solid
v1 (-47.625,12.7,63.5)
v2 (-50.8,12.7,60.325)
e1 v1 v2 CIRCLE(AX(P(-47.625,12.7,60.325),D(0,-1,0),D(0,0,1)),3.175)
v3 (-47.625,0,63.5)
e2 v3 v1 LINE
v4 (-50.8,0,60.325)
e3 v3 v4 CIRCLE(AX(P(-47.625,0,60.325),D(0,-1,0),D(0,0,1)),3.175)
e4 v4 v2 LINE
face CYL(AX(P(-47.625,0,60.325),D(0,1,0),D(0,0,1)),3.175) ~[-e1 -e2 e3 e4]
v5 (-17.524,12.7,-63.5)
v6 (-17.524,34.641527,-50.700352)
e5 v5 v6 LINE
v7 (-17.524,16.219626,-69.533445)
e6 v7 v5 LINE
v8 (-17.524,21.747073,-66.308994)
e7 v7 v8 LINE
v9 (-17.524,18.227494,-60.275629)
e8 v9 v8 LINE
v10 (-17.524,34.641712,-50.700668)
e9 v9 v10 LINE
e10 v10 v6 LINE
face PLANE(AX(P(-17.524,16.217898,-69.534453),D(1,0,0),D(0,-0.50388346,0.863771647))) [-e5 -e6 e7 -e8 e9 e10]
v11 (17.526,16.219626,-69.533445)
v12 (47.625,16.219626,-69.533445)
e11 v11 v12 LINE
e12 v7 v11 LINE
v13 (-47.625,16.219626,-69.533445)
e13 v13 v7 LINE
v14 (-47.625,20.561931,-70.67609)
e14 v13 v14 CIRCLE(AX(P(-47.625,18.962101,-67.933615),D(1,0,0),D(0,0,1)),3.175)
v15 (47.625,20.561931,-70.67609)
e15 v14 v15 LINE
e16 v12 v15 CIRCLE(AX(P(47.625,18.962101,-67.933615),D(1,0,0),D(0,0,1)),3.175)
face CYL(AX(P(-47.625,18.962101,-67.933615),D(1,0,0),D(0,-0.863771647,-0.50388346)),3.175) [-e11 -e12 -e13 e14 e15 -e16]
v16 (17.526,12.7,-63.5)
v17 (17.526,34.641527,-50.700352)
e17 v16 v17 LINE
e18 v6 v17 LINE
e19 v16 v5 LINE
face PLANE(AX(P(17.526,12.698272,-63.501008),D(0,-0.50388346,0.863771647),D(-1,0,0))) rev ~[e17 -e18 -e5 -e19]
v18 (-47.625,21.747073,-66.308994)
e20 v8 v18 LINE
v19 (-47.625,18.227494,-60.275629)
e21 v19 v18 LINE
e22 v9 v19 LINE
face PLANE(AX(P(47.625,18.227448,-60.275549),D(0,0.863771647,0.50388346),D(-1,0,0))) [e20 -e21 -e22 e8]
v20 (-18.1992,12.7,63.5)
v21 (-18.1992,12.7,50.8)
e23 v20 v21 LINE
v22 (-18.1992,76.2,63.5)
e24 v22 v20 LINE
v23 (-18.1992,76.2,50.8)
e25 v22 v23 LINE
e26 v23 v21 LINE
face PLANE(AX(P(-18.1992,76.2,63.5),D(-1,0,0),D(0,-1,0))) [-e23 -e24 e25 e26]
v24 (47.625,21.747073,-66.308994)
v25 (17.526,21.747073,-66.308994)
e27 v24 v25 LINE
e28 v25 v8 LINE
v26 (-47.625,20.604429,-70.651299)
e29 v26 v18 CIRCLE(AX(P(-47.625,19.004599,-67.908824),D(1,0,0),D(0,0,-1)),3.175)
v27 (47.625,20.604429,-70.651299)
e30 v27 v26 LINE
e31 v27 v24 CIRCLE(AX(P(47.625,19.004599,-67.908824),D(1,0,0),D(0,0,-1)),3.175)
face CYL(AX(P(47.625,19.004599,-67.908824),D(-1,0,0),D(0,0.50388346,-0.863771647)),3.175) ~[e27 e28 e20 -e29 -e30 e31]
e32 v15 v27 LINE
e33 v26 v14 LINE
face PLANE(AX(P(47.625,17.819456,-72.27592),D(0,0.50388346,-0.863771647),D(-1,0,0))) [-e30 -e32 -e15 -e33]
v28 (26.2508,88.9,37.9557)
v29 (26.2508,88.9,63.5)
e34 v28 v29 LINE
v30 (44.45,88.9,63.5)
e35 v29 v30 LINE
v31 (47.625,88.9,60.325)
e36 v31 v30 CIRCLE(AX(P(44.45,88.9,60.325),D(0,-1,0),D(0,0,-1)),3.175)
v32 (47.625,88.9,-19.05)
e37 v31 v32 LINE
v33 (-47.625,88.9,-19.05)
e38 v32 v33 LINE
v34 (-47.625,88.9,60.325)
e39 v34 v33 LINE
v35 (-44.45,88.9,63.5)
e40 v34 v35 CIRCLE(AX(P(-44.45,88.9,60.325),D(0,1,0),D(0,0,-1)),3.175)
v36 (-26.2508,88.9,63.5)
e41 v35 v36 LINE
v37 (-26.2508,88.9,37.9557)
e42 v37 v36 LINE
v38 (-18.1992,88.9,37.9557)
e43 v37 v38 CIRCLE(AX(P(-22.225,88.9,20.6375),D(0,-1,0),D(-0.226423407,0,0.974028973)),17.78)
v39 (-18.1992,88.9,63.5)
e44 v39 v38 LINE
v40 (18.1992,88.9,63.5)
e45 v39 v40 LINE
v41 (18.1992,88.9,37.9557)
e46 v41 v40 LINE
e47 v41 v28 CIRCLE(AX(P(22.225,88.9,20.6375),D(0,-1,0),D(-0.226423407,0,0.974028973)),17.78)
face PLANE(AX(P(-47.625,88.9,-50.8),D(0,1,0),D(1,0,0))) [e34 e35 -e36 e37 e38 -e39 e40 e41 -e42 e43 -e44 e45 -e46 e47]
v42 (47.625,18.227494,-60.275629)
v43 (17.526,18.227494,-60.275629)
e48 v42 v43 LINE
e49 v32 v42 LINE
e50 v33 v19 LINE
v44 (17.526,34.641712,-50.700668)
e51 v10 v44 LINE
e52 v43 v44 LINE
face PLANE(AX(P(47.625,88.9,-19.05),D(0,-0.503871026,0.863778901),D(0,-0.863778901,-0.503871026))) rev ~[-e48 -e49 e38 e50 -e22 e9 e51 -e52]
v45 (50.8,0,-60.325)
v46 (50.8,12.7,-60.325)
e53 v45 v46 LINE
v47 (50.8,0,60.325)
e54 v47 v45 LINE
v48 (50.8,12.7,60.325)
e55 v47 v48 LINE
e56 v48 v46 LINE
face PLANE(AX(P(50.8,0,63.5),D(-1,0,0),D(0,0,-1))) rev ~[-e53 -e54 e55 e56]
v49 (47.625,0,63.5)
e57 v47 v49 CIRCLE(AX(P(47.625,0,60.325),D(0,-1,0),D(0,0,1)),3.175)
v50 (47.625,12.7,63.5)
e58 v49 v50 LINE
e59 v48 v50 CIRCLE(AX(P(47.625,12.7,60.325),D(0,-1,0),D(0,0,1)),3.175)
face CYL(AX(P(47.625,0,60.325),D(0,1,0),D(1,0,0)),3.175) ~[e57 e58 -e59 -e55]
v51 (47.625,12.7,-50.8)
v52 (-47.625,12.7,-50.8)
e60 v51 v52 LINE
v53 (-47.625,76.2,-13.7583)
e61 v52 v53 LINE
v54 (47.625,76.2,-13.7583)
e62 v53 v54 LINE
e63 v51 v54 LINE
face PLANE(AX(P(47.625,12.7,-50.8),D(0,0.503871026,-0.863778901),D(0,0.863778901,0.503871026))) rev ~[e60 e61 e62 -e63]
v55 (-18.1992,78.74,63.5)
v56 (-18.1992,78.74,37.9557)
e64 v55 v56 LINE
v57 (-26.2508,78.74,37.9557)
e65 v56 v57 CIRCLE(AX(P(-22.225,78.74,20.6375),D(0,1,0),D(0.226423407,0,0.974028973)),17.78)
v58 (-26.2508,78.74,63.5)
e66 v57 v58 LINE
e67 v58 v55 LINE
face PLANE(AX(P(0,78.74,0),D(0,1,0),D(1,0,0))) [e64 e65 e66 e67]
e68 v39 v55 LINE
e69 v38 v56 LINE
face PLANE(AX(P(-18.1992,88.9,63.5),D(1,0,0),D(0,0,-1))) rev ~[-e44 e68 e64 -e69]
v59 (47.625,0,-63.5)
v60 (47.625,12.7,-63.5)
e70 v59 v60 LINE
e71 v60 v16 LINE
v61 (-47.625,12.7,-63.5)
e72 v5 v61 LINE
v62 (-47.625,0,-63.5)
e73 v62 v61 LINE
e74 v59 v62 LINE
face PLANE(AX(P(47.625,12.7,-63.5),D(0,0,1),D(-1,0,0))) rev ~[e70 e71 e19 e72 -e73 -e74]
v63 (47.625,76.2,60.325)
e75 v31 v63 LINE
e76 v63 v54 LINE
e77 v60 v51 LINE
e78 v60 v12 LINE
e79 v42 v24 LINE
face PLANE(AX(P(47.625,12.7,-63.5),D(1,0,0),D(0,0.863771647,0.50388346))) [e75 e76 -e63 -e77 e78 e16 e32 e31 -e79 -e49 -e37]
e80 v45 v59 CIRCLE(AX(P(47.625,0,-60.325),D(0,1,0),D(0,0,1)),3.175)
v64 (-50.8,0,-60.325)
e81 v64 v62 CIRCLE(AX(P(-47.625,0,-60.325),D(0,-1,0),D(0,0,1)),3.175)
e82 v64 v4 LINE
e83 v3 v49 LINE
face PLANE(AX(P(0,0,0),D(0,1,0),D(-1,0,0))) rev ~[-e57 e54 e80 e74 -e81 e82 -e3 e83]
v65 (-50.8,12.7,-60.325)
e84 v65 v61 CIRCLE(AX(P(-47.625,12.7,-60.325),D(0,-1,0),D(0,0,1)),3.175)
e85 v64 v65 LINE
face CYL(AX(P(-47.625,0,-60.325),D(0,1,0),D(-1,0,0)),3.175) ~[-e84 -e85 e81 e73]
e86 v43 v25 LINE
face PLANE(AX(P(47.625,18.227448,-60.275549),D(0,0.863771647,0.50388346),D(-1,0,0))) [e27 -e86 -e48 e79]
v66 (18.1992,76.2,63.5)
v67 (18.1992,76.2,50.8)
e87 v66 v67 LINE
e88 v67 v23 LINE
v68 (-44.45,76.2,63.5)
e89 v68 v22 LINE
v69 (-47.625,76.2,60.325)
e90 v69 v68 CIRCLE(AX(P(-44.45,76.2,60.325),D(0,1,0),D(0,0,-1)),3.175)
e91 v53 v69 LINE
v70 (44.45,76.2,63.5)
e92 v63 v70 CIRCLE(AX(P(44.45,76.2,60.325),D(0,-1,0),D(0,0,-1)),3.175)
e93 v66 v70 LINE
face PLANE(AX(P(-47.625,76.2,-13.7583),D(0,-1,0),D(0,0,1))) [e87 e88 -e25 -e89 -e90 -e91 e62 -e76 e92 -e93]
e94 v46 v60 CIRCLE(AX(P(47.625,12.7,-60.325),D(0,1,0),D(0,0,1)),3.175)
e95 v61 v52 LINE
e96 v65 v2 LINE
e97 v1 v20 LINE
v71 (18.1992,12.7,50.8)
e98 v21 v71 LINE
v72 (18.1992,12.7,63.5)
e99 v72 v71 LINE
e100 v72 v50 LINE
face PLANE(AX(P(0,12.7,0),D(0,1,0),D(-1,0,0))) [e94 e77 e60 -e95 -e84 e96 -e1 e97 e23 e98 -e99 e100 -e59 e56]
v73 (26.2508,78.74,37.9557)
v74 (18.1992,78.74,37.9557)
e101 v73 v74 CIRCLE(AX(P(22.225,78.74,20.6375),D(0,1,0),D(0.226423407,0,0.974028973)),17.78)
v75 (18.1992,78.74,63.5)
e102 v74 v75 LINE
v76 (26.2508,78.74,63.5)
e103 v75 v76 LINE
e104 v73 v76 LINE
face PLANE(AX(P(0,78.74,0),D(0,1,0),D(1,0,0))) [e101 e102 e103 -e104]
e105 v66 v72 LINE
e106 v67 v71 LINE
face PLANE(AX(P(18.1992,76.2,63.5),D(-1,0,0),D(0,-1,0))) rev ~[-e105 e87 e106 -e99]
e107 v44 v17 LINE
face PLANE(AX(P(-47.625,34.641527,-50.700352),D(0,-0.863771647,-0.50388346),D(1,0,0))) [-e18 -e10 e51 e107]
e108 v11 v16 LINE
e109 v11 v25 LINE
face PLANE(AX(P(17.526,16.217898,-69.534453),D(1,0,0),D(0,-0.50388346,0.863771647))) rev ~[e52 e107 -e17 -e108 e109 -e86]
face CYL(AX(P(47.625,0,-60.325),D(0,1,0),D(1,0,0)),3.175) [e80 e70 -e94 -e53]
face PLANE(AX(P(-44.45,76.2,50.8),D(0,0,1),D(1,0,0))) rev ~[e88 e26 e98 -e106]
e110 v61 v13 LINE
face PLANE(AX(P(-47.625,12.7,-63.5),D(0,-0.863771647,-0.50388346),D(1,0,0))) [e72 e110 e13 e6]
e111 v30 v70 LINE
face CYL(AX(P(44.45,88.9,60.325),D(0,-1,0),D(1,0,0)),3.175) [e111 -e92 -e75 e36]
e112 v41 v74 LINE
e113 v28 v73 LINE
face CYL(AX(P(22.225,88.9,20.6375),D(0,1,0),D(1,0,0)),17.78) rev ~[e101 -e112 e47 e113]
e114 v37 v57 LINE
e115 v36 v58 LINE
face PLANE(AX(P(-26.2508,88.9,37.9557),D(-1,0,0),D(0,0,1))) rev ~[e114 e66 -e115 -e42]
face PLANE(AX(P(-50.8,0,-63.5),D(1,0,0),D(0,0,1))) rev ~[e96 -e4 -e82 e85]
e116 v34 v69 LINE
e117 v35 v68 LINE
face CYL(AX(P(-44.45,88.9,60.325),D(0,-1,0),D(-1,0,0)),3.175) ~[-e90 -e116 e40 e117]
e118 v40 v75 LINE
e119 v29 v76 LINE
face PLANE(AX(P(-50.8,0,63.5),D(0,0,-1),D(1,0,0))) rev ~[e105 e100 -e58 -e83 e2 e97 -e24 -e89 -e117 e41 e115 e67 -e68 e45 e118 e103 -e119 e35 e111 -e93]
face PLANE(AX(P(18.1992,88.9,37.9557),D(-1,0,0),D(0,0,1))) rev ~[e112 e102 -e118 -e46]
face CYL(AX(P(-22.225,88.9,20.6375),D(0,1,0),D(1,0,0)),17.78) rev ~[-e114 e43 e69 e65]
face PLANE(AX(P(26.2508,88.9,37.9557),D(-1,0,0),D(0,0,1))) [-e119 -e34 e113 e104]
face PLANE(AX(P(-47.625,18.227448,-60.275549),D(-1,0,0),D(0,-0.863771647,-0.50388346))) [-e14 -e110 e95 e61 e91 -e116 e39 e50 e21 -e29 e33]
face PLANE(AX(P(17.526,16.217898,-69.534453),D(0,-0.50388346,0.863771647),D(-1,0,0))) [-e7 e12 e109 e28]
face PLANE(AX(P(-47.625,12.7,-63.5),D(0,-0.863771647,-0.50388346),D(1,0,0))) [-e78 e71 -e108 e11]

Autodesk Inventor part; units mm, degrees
ref_plane "YZ Plane" through (0, 0, 0) normal (1, 0, 0) x (0, 1, 0)
ref_plane "XZ Plane" through (0, 0, 0) normal (0, 1, 0) x (-1, 0, 0)
ref_plane "XY Plane" through (0, 0, 0) normal (0, 0, 1) x (1, 0, 0)
sketch "Sketch1" plane through (0, 0, 0) normal (0, 1, 0) x (-1, 0, 0)
  line L0 (-50.8, -63.5) -> (50.8, -63.5)
  line L1 (50.8, -63.5) -> (50.8, 63.5)
  line L2 (50.8, 63.5) -> (-50.8, 63.5)
  line L3 (-50.8, 63.5) -> (-50.8, -63.5)
  line L4 (-50.8, -63.5) -> (50.8, 63.5) construction
  line L5 (50.8, -63.5) -> (-50.8, 63.5) construction
  point P0 (0, 0)
  dimension "d0" = 101.6
  dimension "d1" = 127
extrude "Extrusion1" add sketch "Sketch1" along normal blind 12.7
fillet "Fillet1" radius 3.175 4 edges at (-50.8, 6.35, 63.5) (50.8, 6.35, 63.5) (50.8, 6.35, -63.5) (-50.8, 6.35, -63.5)
sketch "Sketch2" plane through (0, 12.7, 0) normal (0, 1, 0) x (1, 0, 0)
  line L0 (47.625, 63.5) -> (-47.625, 63.5) projected
  line L1 (-47.625, 63.5) -> (47.625, 63.5)
  line L2 (47.625, 63.5) -> (47.625, 50.8)
  line L3 (47.625, 50.8) -> (-47.625, 50.8)
  line L4 (-47.625, 50.8) -> (-47.625, 63.5)
  line L5 (-47.625, -39.3448) -> (47.625, -39.3448)
  line L6 (47.625, -39.3448) -> (47.625, -60.325)
  line L7 (47.625, -60.325) -> (-47.625, -60.325)
  line L8 (-47.625, -60.325) -> (-47.625, -39.3448)
  point P0 (0, 0)
  dimension "d5" = 12.7
extrude "Extrusion2" add sketch "Sketch2" along normal blind 76.2 contours L2 L3 L4 L0
sketch "Sketch3" plane through (47.625, 12.7, -50.8) normal (1, 0, 0) x (0, 0, -1)
  point P0 (-50.8, -12.7)
sketch "Sketch4" plane through (-47.625, 12.7, -50.8) normal (0, 0, 1) x (1, 0, 0)
  line L0 (0, 0) -> (0, 76.2) projected
  line L1 (95.25, 0) -> (98.425, 0) projected
  line L2 (0, 76.2) -> (95.25, 76.2)
  line L3 (95.25, 76.2) -> (95.25, 0)
  line L4 (95.25, 0) -> (0, 0)
  line L5 (0, 0) -> (0, 76.2)
  point P0 (47.625, -12.7)
extrude "Extrusion3" add sketch "Sketch4" along normal blind 76.2
sketch "Sketch5" plane through (47.625, 12.7, -63.5) normal (1, 0, 0) x (0, 0, -1)
  line L0 (0, 76.2) -> (-88.9, 76.2) projected
  line L1 (0, 0) -> (0, 76.2) projected
  line L2 (-44.45, 76.2) -> (0, 0)
  line L3 (0, 0) -> (0, 76.2)
  line L4 (0, 76.2) -> (-44.45, 76.2)
  line L5 (0, 0) -> (-88.9, 0) projected
  line L6 (-88.9, 0) -> (-44.45, 76.2)
  line L7 (-88.9, 76.2) -> (-88.9, 0)
  line L8 (-88.9, 76.2) -> (-44.45, 76.2)
  point P0 (-63.5, -12.7)
extrude "Extrusion4" cut sketch "Sketch5" against normal blind 95.25 contours L1 L2 L0
sketch "Sketch6" plane through (47.625, 12.7, 25.4) normal (1, 0, 0) x (0, 0, -1)
  line L0 (44.45, 76.2) -> (0, 76.2) projected
  line L1 (44.45, 76.2) -> (31.75, 76.2)
  line L2 (0, 0) -> (88.9, 0) projected
  line L3 (88.9, 0) -> (76.2, 0)
  line L4 (76.2, 0) -> (31.75, 76.2)
  line L5 (44.45, 76.2) -> (88.9, 0) projected
  line L6 (44.45, 76.2) -> (88.9, 0)
  line L7 (88.9, 0) -> (76.2, 0)
  line L8 (0, 76.2) -> (0, 0) projected
  line L9 (0, 76.2) -> (0, 0)
  line L10 (0, 0) -> (76.2, 0)
  line L11 (31.75, 76.2) -> (0, 76.2)
  point P0 (25.4, -12.7)
  dimension "d12" = 12.7
  dimension "d13" = 12.7
extrude "Extrusion5" cut sketch "Sketch6" against normal blind 95.25 contours L4 L2 L8 L0
sketch "Sketch7" plane through (-47.625, 12.7, -63.5) normal (-1, 0, 0) x (0, 0, 1)
  line L0 (44.45, 76.2) -> (57.15, 76.2) projected
  line L1 (127, -12.7) -> (127, 0) projected
  line L2 (57.15, 76.2) -> (127, 0)
  line L3 (57.15, 76.2) -> (127, 76.2)
  line L4 (127, 76.2) -> (127, 0)
  line L5 (57.15, 76.2) -> (12.7, 0) projected
  line L6 (49.7417, 63.5) -> (127, 63.5)
  point P0 (63.5, -12.7)
  dimension "d16" = 12.7
extrude "Extrusion6" add sketch "Sketch7" against normal blind 95.25 contours L3 L4 L6 L2 | L2 L6 L5
fillet "Fillet2" radius 3.175 2 edges at (47.625, 82.55, 63.5) (-47.625, 82.55, 63.5)
sketch "Sketch8" plane through (47.625, 12.7, -63.5) normal (0, 0.5039, -0.8638) x (-1, 0, 0)
  line L0 (0, 79.9133) -> (0, 6.3992) projected
  line L1 (95.25, 0) -> (0, 0) projected
  line L2 (0, 6.3992) -> (95.25, 6.3992)
  line L3 (95.25, 6.3992) -> (95.25, 0)
  line L4 (95.25, 0) -> (0, 0)
  line L5 (0, 0) -> (0, 6.3992)
  point P0 (47.625, 21.0258)
extrude "Extrusion7" add sketch "Sketch8" along normal blind 10.16
fillet "Fillet3" radius 3.175 2 edges at (0, 23.3468, -69.0516) (0, 17.8193, -72.276)
sketch "Sketch9" plane through (0, 88.9, 0) normal (0, 1, 0) x (1, 0, 0)
  line L0 (-44.45, -63.5) -> (44.45, -63.5) projected
  line L1 (0, -63.5) -> (0, 19.05)
  line L2 (47.625, 19.05) -> (-47.625, 19.05) projected
  arc A0 (-47.625, -60.325) -> (-44.45, -63.5) centre (-44.45, -60.325) ccw projected
  circle A1 centre (-22.225, -20.6375) radius 17.78
  circle A2 centre (22.225, -20.6375) radius 17.78
  line L3 (-18.1992, -63.5) -> (-18.1992, -37.9557)
  line L4 (-26.2508, -37.9557) -> (-26.2508, -63.5)
  line L5 (18.1992, -37.9557) -> (18.1992, -63.5)
  line L6 (26.2508, -37.9557) -> (26.2508, -63.5)
  point P0 (0, 0)
  dimension "d23" = 35.56
  dimension "d24" = 35.56
  dimension "d25" = 8.0516
extrude "Extrusion8" cut sketch "Sketch9" against normal blind 10.16
sketch "Sketch10" plane through (-44.45, 76.2, 63.5) normal (0, 0, 1) x (1, 0, 0)
  line L0 (92.075, 0) -> (-3.175, 0) projected
  line L1 (44.45, 0) -> (44.45, -63.5)
  line L2 (92.075, -63.5) -> (-3.175, -63.5) projected
  line L3 (62.6492, 2.54) -> (62.6492, 12.7) projected
  line L4 (62.6492, 2.54) -> (62.6492, -63.5)
  line L5 (26.2508, 2.54) -> (18.1992, 2.54) projected
  line L6 (26.2508, 2.54) -> (26.2508, -63.5)
  point P0 (44.45, -76.2)
  point P1 (62.6492, 0)
  point P2 (26.2508, 0)
extrude "Extrusion9" add sketch "Sketch10" against normal blind 12.7
sketch "Sketch11" plane through (-47.625, 12.7, -63.5) normal (0, -0.8638, -0.5039) x (1, 0, 0)
  line L0 (95.25, -6.985) -> (0, -6.985) projected
  line L1 (47.625, -6.985) -> (47.625, 0)
  line L2 (95.25, 0) -> (0, 0) projected
  line L3 (47.625, -6.985) -> (30.101, -6.985)
  line L4 (30.101, -6.985) -> (30.101, 0)
  line L5 (47.625, -6.985) -> (65.151, -6.985)
  line L6 (65.151, -6.985) -> (65.151, 0)
  line L7 (47.625, 0) -> (30.101, 0)
  point P0 (47.625, 61.2491)
  dimension "d30" = 17.526
extrude "Extrusion10" cut sketch "Sketch11" against normal blind 25.4
properties part number "PhoneStand"
